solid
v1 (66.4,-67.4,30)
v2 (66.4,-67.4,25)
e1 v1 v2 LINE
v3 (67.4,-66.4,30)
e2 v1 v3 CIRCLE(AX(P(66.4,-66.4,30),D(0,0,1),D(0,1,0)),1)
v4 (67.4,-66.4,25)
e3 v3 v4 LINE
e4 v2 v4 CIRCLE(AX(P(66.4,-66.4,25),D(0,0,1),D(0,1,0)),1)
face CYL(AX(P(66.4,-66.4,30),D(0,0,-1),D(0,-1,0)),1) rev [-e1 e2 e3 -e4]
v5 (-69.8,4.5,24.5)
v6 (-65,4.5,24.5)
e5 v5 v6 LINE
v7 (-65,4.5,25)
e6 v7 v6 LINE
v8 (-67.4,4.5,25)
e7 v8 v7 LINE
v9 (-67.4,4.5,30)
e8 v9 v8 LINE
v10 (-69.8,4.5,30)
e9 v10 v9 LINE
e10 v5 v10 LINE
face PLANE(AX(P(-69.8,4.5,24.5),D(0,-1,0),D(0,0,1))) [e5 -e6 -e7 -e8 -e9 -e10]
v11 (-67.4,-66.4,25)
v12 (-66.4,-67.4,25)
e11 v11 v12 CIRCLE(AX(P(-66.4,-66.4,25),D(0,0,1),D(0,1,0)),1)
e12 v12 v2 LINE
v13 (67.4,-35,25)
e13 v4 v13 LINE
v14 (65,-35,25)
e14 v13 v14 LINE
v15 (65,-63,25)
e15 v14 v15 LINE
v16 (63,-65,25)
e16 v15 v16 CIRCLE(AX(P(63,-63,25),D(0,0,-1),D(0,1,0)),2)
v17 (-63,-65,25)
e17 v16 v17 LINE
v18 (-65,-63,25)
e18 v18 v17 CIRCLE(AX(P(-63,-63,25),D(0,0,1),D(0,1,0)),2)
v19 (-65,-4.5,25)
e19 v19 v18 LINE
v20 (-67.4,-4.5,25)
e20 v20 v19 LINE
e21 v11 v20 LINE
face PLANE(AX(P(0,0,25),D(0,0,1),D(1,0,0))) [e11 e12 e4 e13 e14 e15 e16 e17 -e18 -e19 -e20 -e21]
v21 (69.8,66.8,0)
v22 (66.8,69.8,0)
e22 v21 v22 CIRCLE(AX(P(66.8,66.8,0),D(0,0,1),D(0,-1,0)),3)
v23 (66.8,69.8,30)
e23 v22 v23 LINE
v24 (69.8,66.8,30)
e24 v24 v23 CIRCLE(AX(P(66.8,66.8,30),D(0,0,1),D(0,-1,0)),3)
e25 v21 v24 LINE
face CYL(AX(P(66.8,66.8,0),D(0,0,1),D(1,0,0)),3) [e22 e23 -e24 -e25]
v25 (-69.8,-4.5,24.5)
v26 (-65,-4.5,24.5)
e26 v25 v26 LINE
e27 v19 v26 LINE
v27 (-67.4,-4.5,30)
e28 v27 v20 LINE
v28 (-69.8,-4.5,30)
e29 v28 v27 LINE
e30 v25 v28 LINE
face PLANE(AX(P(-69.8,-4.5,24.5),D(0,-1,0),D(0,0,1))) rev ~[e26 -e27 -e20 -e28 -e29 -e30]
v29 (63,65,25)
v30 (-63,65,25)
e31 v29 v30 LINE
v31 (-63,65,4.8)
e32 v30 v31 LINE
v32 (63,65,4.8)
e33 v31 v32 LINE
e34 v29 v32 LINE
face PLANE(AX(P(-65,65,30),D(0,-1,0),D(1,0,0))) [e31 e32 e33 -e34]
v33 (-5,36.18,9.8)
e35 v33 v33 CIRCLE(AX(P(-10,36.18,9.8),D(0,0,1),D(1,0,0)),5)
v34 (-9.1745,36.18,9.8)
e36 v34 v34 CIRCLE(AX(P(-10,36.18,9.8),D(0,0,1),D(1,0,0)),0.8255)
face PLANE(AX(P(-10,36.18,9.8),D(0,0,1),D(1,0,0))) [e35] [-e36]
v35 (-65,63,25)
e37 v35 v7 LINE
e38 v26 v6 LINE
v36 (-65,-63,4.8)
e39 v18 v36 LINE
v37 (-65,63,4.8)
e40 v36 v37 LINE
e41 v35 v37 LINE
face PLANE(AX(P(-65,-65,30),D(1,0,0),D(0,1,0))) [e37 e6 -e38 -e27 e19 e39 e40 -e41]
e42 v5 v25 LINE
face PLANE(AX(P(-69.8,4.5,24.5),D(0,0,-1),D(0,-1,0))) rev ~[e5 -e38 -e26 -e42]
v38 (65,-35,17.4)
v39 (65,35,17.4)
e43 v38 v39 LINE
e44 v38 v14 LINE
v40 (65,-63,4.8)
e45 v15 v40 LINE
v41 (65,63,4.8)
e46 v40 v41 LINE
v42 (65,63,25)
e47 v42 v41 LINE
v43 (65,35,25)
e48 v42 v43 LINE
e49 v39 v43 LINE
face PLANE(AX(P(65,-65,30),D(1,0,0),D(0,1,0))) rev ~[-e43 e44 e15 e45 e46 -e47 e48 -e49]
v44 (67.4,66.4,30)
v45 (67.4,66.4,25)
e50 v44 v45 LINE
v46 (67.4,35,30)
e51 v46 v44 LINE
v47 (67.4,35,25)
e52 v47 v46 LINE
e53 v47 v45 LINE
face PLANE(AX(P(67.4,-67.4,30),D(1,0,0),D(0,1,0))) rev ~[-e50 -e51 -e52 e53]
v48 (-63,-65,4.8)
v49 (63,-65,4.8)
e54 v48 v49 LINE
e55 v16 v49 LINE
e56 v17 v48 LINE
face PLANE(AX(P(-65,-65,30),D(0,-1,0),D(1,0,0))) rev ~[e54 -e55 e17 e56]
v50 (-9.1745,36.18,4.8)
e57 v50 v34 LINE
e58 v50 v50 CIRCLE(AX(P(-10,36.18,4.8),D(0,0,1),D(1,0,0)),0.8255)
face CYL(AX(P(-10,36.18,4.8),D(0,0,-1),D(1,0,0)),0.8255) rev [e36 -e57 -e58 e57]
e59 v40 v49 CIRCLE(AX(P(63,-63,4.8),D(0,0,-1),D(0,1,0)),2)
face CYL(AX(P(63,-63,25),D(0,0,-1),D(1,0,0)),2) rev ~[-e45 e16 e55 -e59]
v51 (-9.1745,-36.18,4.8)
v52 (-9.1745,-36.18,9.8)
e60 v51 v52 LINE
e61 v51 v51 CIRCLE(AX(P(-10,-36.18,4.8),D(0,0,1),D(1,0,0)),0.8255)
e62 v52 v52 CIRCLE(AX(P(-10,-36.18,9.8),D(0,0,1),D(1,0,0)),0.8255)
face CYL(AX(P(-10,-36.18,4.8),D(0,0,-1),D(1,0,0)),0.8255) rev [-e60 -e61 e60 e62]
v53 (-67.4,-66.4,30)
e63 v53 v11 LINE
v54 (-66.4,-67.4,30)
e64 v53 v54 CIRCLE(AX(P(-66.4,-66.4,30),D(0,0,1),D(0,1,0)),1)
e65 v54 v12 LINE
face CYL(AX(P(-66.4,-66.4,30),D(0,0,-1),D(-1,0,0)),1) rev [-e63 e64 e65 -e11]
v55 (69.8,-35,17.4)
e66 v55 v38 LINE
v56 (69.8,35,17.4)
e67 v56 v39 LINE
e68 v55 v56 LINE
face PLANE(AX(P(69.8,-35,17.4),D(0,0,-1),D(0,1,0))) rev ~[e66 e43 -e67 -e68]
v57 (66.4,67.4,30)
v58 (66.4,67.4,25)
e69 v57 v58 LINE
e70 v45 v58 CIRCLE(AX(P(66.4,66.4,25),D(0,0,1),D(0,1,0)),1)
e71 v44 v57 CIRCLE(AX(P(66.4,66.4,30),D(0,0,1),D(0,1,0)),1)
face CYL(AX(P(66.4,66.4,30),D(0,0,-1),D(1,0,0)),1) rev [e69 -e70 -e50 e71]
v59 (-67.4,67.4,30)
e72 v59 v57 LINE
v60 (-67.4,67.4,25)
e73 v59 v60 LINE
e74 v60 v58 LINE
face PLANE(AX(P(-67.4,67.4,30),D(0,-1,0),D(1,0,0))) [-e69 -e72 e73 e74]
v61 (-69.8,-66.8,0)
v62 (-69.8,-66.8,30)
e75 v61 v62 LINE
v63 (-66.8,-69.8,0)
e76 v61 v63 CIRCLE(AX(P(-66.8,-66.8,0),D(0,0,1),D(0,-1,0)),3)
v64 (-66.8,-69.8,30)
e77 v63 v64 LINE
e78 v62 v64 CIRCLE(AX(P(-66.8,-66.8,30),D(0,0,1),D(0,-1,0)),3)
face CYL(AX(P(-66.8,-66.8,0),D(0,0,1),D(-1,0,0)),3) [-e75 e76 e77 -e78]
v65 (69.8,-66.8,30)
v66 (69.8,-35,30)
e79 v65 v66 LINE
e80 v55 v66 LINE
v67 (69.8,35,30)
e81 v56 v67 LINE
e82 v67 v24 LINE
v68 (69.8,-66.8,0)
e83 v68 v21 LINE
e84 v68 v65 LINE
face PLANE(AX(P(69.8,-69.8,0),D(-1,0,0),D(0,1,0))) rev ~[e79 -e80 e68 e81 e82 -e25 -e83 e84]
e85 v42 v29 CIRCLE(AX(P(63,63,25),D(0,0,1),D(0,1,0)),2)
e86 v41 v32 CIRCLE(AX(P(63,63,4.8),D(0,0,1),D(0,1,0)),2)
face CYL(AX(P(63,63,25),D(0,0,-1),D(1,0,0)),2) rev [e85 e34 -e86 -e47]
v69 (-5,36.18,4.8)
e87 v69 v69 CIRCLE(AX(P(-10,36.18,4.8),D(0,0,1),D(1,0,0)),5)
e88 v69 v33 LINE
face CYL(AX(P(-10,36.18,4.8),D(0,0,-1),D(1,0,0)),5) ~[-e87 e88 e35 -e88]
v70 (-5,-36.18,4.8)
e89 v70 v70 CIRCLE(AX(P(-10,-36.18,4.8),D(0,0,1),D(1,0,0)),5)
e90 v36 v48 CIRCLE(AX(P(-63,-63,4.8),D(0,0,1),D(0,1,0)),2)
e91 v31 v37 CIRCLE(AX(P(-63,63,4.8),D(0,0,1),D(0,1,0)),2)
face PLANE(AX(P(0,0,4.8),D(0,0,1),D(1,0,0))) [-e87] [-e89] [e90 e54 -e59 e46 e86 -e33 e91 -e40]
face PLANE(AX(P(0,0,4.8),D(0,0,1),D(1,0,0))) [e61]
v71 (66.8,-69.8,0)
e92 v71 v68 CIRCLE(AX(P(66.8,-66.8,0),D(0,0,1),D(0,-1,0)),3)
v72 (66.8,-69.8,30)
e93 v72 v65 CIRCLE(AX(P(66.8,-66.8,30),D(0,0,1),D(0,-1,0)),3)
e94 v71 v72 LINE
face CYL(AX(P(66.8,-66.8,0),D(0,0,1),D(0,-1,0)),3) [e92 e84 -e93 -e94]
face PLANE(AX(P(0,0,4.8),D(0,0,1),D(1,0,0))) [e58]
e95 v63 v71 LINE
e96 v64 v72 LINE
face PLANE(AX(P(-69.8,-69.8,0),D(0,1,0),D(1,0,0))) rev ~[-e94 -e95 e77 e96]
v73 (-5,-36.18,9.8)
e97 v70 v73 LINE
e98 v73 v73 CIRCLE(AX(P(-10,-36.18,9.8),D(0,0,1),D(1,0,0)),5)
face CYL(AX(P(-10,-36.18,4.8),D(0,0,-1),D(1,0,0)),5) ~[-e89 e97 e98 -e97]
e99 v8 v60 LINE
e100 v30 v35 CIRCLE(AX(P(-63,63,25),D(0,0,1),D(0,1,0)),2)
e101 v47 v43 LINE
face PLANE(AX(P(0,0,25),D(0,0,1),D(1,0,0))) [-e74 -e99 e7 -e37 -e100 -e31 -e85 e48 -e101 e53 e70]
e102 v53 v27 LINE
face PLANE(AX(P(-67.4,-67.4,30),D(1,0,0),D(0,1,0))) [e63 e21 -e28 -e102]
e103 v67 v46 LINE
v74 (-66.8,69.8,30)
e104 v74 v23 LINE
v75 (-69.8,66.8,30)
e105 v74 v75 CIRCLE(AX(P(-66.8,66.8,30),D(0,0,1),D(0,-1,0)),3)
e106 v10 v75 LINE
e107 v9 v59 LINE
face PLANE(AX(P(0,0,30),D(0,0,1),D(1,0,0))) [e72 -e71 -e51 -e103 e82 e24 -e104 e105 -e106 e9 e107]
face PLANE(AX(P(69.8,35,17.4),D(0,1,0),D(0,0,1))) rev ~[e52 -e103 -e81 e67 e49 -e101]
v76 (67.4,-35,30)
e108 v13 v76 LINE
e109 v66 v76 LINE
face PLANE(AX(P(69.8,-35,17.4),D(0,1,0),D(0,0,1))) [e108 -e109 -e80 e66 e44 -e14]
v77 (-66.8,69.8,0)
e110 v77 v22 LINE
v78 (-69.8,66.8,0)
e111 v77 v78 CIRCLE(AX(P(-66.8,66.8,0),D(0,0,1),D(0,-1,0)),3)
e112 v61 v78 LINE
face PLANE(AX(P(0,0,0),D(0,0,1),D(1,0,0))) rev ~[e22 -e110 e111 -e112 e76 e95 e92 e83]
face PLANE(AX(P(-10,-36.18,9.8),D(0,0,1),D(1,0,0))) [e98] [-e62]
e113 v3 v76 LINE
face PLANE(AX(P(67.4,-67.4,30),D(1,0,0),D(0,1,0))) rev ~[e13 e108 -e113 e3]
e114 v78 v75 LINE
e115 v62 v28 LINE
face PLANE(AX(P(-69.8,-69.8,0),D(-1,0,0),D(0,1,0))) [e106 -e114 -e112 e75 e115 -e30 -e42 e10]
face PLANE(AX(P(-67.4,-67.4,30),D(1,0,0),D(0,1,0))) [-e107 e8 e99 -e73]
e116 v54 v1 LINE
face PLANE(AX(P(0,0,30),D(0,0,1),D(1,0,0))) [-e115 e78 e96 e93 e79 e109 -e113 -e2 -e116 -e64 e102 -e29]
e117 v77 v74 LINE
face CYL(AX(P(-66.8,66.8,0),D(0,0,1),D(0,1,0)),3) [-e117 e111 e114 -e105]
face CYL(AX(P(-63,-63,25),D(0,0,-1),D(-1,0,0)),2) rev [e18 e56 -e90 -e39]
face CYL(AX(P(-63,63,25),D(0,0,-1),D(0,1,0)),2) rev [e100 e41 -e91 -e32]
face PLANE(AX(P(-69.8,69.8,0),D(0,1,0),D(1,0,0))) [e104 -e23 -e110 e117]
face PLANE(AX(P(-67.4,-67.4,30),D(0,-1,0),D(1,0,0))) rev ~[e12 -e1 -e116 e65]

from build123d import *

# Parameters (mm, degrees)
SKETCH001_W     = 139.6
SKETCH001_H     = 139.6
PAD_DEPTH       = 30
SKETCH002_W     = 130
SKETCH002_H     = 130
POCKET_DEPTH    = 25.2
SKETCH003_W     = 134.8
SKETCH003_H     = 134.8
POCKET001_DEPTH = 5
SKETCH004_R     = 5
SKETCH004_R_2   = 0.8255
PAD001_DEPTH    = 5
COPYSKETCH005_W = 70
COPYSKETCH005_H = 12.6
POCKET002_DEPTH = 5
SKETCH006_W     = 9
SKETCH006_H     = 5.5
POCKET003_DEPTH = 5
FILLET_R        = 2
FILLET001_R     = 2
FILLET002_R     = 2
FILLET003_R     = 2
FILLET004_R     = 1
FILLET005_R     = 1
FILLET006_R     = 1
FILLET007_R     = 3
FILLET008_R     = 3
FILLET009_R     = 3
FILLET010_R     = 3


with BuildPart() as part:
    # Sketch001 → Pad (new body)
    with BuildSketch(Plane.XY):
        Rectangle(SKETCH001_W, SKETCH001_H)
    extrude(amount=PAD_DEPTH)

    # Sketch002 (on Face6 of Pad) → Pocket (cut)
    with BuildSketch(Plane.XY.offset(30)):
        Rectangle(SKETCH002_W, SKETCH002_H)
    extrude(amount=-POCKET_DEPTH, mode=Mode.SUBTRACT)

    # Sketch003 (on Face5 of Pocket) → Pocket001 (cut)
    with BuildSketch(Plane.XY.offset(30)):
        Rectangle(SKETCH003_W, SKETCH003_H)
    extrude(amount=-POCKET001_DEPTH, mode=Mode.SUBTRACT)

    # Sketch004 (on Face16 of Pocket001) → Pad001 (join)
    with BuildSketch(Plane.XY.offset(4.8)):
        with Locations((-10, 36.18)):
            Circle(SKETCH004_R)
        with Locations((-10, 36.18)):
            Circle(SKETCH004_R_2, mode=Mode.SUBTRACT)
        with Locations((-10, -36.18)):
            Circle(SKETCH004_R)
        with Locations((-10, -36.18)):
            Circle(SKETCH004_R_2, mode=Mode.SUBTRACT)
    extrude(amount=PAD001_DEPTH)

    # CopySketch005 → Pocket002 (cut)
    with BuildSketch(Plane.YZ.offset(69.8)):
        with Locations((0, 23.7)):
            Rectangle(COPYSKETCH005_W, COPYSKETCH005_H)
    extrude(amount=-POCKET002_DEPTH, mode=Mode.SUBTRACT)

    # Sketch006 (on Face2 of Pocket002) → Pocket003 (cut)
    with BuildSketch(Plane(origin=(-69.8, 0, 0), x_dir=(0, -1, 0), z_dir=(-1, 0, 0))):
        with Locations((0, 27.25)):
            Rectangle(SKETCH006_W, SKETCH006_H)
    extrude(amount=-POCKET003_DEPTH, mode=Mode.SUBTRACT)

    # Fillet
    fillet_edges = [part.edges().sort_by_distance(p)[0] for p in [
        (65, -65, 14.9),
    ]]
    fillet(fillet_edges, radius=FILLET_R)

    # Fillet001
    fillet001_edges = [part.edges().sort_by_distance(p)[0] for p in [
        (65, 65, 14.9),
    ]]
    fillet(fillet001_edges, radius=FILLET001_R)

    # Fillet002
    fillet002_edges = [part.edges().sort_by_distance(p)[0] for p in [
        (-65, 65, 14.9),
    ]]
    fillet(fillet002_edges, radius=FILLET002_R)

    # Fillet003
    fillet003_edges = [part.edges().sort_by_distance(p)[0] for p in [
        (-65, -65, 14.9),
    ]]
    fillet(fillet003_edges, radius=FILLET003_R)

    # Fillet004
    fillet004_edges = [part.edges().sort_by_distance(p)[0] for p in [
        (-67.4, -67.4, 27.5),
    ]]
    fillet(fillet004_edges, radius=FILLET004_R)

    # Fillet005
    fillet005_edges = [part.edges().sort_by_distance(p)[0] for p in [
        (67.4, -67.4, 27.5),
    ]]
    fillet(fillet005_edges, radius=FILLET005_R)

    # Fillet006
    fillet006_edges = [part.edges().sort_by_distance(p)[0] for p in [
        (67.4, 67.4, 27.5),
    ]]
    fillet(fillet006_edges, radius=FILLET006_R)

    # Fillet007
    fillet007_edges = [part.edges().sort_by_distance(p)[0] for p in [
        (69.8, 69.8, 15),
    ]]
    fillet(fillet007_edges, radius=FILLET007_R)

    # Fillet008
    fillet008_edges = [part.edges().sort_by_distance(p)[0] for p in [
        (-69.8, 69.8, 15),
    ]]
    fillet(fillet008_edges, radius=FILLET008_R)

    # Fillet009
    fillet009_edges = [part.edges().sort_by_distance(p)[0] for p in [
        (-69.8, -69.8, 15),
    ]]
    fillet(fillet009_edges, radius=FILLET009_R)

    # Fillet010
    fillet010_edges = [part.edges().sort_by_distance(p)[0] for p in [
        (69.8, -69.8, 15),
    ]]
    fillet(fillet010_edges, radius=FILLET010_R)


solid = part.part
